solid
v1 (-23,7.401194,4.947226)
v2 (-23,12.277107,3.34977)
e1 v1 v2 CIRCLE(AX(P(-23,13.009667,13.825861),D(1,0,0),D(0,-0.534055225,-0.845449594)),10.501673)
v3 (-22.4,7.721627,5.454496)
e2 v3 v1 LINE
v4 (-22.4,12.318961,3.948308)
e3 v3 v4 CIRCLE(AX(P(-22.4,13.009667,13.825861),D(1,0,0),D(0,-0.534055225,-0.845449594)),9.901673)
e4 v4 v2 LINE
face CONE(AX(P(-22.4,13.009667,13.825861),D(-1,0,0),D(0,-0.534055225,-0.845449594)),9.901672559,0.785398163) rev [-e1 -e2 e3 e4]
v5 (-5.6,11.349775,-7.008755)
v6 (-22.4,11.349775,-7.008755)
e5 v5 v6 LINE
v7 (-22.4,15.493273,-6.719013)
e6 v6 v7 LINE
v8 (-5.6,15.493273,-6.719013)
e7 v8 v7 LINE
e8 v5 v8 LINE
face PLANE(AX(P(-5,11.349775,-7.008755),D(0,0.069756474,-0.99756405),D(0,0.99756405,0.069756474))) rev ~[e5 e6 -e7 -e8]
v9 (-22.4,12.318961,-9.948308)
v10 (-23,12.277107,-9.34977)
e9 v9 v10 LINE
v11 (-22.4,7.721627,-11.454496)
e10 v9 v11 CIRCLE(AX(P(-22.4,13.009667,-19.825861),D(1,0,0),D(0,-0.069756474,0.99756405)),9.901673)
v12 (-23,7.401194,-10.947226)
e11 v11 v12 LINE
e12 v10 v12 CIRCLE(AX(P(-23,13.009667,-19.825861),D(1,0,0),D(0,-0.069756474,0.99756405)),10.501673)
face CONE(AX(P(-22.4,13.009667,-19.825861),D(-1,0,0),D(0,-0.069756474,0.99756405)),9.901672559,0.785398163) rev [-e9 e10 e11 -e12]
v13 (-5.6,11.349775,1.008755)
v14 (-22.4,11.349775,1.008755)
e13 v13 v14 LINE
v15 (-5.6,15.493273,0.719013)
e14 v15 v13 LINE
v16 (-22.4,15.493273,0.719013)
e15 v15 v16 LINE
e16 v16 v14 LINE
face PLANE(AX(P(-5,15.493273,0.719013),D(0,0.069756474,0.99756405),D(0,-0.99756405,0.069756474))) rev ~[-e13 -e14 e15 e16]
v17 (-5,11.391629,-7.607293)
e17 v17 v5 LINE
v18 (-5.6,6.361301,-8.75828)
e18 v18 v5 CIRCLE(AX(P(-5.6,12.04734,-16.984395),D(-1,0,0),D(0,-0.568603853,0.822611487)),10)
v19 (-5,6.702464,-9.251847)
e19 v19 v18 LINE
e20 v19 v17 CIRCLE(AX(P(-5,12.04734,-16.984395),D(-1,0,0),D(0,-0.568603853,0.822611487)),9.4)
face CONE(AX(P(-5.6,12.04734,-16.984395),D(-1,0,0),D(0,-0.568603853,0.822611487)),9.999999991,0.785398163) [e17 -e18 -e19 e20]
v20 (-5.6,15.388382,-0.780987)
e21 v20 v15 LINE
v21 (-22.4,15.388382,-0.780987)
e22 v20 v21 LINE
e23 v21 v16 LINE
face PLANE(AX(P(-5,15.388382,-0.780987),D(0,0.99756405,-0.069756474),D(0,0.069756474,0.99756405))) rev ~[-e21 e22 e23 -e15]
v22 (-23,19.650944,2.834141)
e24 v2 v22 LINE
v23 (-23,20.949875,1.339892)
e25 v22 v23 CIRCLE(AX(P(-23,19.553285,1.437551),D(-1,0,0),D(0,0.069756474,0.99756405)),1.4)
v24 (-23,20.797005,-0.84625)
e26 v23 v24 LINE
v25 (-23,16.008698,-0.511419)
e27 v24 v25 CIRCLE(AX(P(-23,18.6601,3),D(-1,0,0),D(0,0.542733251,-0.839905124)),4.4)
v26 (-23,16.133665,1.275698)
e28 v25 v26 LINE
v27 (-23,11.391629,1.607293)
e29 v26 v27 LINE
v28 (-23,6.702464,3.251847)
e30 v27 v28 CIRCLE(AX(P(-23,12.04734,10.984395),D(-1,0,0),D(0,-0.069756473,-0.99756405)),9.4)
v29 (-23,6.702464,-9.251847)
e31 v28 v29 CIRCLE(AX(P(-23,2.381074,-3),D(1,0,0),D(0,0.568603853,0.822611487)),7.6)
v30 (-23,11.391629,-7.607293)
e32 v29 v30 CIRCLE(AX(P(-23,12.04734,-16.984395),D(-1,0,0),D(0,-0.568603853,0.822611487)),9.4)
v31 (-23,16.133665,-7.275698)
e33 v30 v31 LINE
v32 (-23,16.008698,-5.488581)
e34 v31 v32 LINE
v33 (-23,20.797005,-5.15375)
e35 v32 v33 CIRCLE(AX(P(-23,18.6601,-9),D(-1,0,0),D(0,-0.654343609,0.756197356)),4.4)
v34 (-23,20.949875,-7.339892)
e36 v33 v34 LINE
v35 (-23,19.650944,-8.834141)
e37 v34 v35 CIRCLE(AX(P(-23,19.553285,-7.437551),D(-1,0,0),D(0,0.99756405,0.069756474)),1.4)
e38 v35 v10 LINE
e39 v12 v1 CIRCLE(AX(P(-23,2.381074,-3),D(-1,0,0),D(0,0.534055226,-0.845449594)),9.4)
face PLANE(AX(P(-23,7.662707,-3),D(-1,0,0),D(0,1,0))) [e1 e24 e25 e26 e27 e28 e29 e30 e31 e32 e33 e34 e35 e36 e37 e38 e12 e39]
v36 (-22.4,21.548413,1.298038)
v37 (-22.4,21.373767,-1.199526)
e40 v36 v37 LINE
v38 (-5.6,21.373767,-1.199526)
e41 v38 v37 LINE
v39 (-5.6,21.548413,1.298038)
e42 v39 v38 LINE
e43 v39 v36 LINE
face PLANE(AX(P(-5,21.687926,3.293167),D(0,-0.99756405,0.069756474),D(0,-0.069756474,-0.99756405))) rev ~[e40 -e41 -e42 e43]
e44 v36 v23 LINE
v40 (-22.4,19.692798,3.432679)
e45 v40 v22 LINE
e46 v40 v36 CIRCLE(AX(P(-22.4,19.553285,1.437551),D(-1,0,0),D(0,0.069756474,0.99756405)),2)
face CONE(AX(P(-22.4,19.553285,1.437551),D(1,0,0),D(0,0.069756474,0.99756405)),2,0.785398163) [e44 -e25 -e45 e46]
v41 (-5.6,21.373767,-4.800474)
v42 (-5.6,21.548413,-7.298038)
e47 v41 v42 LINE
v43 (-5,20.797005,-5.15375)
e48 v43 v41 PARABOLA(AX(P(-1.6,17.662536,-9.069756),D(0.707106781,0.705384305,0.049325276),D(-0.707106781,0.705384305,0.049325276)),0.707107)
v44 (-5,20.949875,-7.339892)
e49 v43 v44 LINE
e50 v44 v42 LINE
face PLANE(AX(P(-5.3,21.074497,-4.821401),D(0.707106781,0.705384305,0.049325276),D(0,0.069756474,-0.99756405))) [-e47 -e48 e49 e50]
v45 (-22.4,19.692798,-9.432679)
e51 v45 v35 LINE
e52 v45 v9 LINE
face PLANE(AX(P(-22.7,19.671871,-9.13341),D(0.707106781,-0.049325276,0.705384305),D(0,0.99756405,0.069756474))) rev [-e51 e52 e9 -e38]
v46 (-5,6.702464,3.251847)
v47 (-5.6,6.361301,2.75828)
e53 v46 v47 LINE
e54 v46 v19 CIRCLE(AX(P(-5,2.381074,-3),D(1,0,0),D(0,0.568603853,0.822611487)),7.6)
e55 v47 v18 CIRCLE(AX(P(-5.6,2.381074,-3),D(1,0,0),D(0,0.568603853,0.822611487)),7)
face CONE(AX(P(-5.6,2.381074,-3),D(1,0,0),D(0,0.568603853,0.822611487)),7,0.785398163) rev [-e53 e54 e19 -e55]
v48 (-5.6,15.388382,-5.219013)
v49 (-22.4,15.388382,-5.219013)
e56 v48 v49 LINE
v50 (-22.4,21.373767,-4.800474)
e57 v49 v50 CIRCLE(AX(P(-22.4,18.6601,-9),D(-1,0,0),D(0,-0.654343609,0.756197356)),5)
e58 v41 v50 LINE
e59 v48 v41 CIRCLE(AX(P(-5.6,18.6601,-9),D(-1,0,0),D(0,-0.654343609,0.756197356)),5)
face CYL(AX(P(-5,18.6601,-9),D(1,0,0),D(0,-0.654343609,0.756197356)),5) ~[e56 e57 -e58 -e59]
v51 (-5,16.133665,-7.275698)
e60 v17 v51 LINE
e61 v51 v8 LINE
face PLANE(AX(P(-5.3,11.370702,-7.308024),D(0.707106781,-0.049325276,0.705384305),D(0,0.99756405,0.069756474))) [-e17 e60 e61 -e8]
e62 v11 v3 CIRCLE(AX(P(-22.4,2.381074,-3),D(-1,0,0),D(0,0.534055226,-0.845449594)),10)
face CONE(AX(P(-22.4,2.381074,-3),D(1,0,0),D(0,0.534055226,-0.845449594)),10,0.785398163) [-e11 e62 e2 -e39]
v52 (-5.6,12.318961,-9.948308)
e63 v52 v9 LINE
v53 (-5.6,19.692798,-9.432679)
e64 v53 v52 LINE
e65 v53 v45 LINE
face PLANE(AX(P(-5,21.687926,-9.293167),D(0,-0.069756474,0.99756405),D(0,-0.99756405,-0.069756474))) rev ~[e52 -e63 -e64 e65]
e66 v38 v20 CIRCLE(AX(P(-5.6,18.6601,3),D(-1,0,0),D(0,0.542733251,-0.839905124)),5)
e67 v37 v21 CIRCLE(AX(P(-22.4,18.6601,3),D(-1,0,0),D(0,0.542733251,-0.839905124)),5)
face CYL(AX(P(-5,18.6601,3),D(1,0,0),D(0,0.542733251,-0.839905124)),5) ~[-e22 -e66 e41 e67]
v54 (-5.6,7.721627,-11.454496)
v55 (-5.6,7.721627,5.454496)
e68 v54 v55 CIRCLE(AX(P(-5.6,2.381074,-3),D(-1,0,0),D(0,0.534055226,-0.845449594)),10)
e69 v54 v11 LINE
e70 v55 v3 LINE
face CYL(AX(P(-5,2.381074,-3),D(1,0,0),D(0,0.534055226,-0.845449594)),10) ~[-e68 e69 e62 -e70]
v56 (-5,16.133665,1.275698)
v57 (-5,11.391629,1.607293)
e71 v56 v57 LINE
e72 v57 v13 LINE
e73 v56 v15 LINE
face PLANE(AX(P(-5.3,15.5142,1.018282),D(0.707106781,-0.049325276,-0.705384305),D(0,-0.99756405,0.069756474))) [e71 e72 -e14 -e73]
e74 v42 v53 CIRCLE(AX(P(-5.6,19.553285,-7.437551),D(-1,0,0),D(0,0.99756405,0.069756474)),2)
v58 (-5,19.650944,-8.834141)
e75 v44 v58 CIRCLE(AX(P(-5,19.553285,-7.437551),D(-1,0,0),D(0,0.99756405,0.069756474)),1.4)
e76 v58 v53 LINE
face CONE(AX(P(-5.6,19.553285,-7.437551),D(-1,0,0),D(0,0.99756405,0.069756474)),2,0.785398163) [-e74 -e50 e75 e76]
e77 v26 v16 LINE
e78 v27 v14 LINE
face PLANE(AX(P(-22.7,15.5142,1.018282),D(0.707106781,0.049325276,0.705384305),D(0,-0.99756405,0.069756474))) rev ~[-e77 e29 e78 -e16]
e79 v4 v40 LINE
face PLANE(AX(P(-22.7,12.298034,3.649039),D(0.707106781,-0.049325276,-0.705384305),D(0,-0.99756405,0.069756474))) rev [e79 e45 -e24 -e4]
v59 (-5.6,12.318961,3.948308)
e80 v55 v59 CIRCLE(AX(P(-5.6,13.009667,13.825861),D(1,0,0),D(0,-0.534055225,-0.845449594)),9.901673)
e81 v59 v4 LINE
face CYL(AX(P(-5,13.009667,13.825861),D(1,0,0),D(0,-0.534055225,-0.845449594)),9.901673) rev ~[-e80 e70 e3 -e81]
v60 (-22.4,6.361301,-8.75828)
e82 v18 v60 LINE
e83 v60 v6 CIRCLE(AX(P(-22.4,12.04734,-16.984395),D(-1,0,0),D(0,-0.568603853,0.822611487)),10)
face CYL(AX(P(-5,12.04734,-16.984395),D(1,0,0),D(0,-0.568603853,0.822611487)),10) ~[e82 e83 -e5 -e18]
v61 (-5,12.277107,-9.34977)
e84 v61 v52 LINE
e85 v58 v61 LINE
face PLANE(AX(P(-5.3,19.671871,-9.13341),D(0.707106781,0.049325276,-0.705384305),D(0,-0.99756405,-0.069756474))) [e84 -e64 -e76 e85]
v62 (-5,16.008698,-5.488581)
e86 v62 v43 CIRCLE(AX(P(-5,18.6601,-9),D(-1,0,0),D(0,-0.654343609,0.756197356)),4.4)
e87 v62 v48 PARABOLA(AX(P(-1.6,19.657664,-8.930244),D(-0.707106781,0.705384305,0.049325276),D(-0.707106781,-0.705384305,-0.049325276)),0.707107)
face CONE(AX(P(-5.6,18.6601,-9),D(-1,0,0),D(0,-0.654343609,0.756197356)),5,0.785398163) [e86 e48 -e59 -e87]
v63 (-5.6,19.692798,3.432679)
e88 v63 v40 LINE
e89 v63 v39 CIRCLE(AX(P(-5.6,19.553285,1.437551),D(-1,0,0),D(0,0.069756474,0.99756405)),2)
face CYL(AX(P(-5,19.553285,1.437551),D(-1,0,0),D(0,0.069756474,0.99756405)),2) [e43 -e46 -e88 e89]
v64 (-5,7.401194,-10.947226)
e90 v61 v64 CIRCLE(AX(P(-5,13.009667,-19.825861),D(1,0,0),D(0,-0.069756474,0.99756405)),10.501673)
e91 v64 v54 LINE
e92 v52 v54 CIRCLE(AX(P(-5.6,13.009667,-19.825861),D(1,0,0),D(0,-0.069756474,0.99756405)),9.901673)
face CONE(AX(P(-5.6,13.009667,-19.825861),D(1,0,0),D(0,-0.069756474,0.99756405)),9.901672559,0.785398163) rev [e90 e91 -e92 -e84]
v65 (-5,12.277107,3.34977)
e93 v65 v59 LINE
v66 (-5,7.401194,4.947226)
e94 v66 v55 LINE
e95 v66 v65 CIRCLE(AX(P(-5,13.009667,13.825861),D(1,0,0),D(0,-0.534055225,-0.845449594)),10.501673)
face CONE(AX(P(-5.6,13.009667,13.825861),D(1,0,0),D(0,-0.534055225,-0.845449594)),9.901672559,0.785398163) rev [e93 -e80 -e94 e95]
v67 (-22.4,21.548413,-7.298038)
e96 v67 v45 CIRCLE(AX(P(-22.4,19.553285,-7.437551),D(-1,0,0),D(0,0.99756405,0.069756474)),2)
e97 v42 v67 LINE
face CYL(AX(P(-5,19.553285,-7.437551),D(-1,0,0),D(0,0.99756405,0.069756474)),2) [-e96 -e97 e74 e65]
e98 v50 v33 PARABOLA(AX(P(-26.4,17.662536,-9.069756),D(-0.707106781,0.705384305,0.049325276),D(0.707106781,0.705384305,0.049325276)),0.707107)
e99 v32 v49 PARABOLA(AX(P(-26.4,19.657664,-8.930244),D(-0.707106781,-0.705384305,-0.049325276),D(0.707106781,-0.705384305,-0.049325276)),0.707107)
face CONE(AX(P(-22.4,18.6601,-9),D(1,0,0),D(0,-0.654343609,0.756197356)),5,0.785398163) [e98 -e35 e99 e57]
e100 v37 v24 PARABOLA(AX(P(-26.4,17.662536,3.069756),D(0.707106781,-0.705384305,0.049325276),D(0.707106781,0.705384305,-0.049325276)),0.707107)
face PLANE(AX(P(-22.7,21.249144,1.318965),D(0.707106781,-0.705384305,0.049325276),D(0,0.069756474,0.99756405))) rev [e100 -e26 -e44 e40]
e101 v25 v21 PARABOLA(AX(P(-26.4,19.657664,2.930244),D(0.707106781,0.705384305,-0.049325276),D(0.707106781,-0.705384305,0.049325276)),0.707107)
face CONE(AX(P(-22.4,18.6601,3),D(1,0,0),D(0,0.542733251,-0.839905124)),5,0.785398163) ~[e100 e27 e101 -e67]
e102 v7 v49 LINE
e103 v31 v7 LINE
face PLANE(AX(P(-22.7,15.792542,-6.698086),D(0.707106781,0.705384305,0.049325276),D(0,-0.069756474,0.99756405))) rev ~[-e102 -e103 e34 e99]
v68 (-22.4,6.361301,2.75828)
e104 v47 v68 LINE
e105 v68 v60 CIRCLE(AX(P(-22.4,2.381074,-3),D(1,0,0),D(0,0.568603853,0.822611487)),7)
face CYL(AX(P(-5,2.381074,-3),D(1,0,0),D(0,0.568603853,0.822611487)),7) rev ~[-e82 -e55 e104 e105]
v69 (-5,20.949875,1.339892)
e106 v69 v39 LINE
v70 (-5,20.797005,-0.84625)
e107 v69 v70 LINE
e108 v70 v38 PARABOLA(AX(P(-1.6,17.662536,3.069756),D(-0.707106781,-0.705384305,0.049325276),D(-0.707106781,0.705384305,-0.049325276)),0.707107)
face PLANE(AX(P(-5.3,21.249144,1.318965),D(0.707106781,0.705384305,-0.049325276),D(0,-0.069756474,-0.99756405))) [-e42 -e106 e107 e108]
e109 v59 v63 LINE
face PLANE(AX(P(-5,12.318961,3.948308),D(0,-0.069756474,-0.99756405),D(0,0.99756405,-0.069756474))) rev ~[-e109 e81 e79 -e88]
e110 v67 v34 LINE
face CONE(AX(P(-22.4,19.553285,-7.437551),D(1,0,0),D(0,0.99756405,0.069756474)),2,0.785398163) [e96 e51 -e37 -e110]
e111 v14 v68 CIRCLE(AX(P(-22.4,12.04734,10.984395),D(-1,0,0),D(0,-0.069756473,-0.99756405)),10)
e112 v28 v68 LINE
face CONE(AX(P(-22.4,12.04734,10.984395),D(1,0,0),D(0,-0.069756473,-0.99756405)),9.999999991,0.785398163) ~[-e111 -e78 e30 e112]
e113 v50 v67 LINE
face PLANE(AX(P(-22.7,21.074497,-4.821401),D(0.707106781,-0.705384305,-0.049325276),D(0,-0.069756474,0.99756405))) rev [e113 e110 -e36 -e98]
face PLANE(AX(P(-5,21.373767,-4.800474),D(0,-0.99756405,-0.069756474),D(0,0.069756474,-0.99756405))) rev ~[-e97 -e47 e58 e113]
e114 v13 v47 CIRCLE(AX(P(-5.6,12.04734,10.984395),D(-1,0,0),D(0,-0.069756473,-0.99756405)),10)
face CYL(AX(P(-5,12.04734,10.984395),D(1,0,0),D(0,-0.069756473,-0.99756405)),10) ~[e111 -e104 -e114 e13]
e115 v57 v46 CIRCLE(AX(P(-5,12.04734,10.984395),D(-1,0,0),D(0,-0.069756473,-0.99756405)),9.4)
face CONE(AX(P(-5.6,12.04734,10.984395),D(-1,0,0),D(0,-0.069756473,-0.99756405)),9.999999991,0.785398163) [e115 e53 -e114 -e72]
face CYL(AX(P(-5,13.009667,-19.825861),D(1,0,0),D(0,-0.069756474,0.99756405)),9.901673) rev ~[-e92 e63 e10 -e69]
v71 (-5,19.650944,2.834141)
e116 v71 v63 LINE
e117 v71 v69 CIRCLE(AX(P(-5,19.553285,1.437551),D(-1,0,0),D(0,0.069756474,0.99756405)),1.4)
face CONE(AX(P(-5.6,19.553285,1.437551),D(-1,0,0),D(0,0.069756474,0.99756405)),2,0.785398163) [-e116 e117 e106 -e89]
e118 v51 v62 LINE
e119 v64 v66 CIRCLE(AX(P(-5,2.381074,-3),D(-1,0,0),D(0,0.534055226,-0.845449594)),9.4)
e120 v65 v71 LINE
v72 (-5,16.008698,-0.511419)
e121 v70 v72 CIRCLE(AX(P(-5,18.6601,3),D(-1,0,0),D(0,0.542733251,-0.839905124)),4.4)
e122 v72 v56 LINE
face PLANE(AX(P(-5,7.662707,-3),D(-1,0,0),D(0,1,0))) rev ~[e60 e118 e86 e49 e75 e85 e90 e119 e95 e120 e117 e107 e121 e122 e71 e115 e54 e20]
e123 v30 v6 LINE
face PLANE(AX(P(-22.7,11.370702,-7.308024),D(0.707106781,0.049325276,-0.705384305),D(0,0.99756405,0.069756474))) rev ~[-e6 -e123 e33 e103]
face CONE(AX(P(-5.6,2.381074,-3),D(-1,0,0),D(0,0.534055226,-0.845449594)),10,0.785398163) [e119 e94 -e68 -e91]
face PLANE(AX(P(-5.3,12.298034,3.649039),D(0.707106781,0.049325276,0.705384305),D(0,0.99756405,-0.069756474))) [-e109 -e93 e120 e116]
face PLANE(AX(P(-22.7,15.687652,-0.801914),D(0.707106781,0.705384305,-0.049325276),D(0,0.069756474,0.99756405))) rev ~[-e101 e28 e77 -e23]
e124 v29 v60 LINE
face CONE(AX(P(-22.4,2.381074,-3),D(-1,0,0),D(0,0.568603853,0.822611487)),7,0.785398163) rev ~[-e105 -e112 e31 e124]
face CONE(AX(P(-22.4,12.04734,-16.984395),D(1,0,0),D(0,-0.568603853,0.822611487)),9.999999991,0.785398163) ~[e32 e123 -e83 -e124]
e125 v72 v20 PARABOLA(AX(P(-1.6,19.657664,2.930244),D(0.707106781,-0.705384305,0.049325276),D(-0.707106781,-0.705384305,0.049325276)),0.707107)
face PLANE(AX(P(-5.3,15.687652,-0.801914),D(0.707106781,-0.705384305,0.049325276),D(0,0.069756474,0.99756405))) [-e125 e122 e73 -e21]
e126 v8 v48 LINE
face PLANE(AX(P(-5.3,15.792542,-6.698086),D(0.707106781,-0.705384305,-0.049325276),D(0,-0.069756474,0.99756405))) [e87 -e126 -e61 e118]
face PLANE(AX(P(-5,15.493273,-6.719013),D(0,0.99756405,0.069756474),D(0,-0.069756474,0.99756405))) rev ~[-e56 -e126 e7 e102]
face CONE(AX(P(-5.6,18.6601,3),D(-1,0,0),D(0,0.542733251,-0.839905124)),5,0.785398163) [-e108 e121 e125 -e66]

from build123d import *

# Parameters (mm, degrees)
BOSS_EXTRUDE1_DEPTH = 18
FILLET1_R           = 2
CHAMFER1_SIZE       = 0.6


with BuildPart() as part:
    # Sketch2 → Boss-Extrude1 (new body)
    with BuildSketch(Plane(origin=(-5, 5, -3), x_dir=(0, 1, 0), z_dir=(-1, 0, 0))):
        with BuildLine():
            Line((16.373766646, 1.800474378), (16.687926286, 6.293166529))
            Line((16.687926286, 6.293166529), (7.318960954, 6.948308405))
            ThreePointArc((7.318960954, 6.948308405), (4.926891937, 7.41631163), (2.721626751, 8.45449594))
            ThreePointArc((2.721626751, 8.45449594), (-12.618925504, 0), (2.721626751, -8.45449594))
            ThreePointArc((2.721626751, -8.45449594), (4.926891937, -7.41631163), (7.318960954, -6.948308405))
            Line((7.318960954, -6.948308405), (16.687926286, -6.293166529))
            Line((16.687926286, -6.293166529), (16.373766646, -1.800474378))
            ThreePointArc((16.373766646, -1.800474378), (13.311318022, -1.012179749), (10.388382345, -2.21901322))
            Line((10.388382345, -2.21901322), (10.493272563, -3.71901322))
            Line((10.493272563, -3.71901322), (6.349775255, -4.008754777))
            ThreePointArc((6.349775255, -4.008754777), (3.737837364, -4.547913289), (1.361301465, -5.758280409))
            ThreePointArc((1.361301465, -5.758280409), (-9.618925504, 0), (1.361301465, 5.758280409))
            ThreePointArc((1.361301465, 5.758280409), (3.737837364, 4.547913289), (6.349775255, 4.008754777))
            Line((6.349775255, 4.008754777), (10.493272563, 3.71901322))
            Line((10.493272563, 3.71901322), (10.388382345, 2.21901322))
            ThreePointArc((10.388382345, 2.21901322), (13.311318022, 1.012179749), (16.373766646, 1.800474378))
        make_face()
    extrude(amount=BOSS_EXTRUDE1_DEPTH)

    # Fillet1
    fillet1_edges = [part.edges().sort_by_distance(p)[0] for p in [
        (-14, 21.687926286, 3.293166529),
        (-14, 21.687926286, -9.293166529),
    ]]
    fillet(fillet1_edges, radius=FILLET1_R)

    # Chamfer1
    chamfer1_edges = [part.edges().sort_by_distance(p)[0] for p in [
        (-23, -4.618925504, -3),
        (-23, 8.737837364, -7.547913289),
        (-5, 13.421523909, 0.863883999),
        (-5, 15.440827454, -0.03098678),
        (-5, 18.311318022, -1.987820251),
        (-5, 21.461089992, 0.049256403),
        (-5, 9.926891937, 4.41631163),
        (-5, -7.618925504, -3),
        (-23, 13.421523909, -6.863883999),
        (-5, 9.926891937, -10.41631163),
        (-5, 21.461089992, -6.049256403),
        (-5, 18.311318022, -4.012179749),
        (-5, 15.440827454, -5.96901322),
        (-5, 13.421523909, -6.863883999),
        (-5, 8.737837364, -7.547913289),
        (-5, -4.618925504, -3),
        (-5, 8.737837364, 1.547913289),
        (-23, 15.440827454, -5.96901322),
        (-23, 18.311318022, -4.012179749),
        (-23, 21.461089992, -6.049256403),
        (-23, 9.926891937, -10.41631163),
        (-5, 16.00587957, 3.690493941),
        (-5, 16.00587957, -9.690493941),
        (-5, 21.062704398, -8.749669433),
        (-23, -7.618925504, -3),
        (-5, 21.062704398, 2.749669433),
        (-23, 16.00587957, 3.690493941),
        (-23, 16.00587957, -9.690493941),
        (-23, 21.062704398, -8.749669433),
        (-23, 21.062704398, 2.749669433),
        (-23, 9.926891937, 4.41631163),
        (-23, 8.737837364, 1.547913289),
        (-23, 21.461089992, 0.049256403),
        (-23, 18.311318022, -1.987820251),
        (-23, 15.440827454, -0.03098678),
        (-23, 13.421523909, 0.863883999),
    ]]
    chamfer(chamfer1_edges, length=CHAMFER1_SIZE)


solid = part.part
